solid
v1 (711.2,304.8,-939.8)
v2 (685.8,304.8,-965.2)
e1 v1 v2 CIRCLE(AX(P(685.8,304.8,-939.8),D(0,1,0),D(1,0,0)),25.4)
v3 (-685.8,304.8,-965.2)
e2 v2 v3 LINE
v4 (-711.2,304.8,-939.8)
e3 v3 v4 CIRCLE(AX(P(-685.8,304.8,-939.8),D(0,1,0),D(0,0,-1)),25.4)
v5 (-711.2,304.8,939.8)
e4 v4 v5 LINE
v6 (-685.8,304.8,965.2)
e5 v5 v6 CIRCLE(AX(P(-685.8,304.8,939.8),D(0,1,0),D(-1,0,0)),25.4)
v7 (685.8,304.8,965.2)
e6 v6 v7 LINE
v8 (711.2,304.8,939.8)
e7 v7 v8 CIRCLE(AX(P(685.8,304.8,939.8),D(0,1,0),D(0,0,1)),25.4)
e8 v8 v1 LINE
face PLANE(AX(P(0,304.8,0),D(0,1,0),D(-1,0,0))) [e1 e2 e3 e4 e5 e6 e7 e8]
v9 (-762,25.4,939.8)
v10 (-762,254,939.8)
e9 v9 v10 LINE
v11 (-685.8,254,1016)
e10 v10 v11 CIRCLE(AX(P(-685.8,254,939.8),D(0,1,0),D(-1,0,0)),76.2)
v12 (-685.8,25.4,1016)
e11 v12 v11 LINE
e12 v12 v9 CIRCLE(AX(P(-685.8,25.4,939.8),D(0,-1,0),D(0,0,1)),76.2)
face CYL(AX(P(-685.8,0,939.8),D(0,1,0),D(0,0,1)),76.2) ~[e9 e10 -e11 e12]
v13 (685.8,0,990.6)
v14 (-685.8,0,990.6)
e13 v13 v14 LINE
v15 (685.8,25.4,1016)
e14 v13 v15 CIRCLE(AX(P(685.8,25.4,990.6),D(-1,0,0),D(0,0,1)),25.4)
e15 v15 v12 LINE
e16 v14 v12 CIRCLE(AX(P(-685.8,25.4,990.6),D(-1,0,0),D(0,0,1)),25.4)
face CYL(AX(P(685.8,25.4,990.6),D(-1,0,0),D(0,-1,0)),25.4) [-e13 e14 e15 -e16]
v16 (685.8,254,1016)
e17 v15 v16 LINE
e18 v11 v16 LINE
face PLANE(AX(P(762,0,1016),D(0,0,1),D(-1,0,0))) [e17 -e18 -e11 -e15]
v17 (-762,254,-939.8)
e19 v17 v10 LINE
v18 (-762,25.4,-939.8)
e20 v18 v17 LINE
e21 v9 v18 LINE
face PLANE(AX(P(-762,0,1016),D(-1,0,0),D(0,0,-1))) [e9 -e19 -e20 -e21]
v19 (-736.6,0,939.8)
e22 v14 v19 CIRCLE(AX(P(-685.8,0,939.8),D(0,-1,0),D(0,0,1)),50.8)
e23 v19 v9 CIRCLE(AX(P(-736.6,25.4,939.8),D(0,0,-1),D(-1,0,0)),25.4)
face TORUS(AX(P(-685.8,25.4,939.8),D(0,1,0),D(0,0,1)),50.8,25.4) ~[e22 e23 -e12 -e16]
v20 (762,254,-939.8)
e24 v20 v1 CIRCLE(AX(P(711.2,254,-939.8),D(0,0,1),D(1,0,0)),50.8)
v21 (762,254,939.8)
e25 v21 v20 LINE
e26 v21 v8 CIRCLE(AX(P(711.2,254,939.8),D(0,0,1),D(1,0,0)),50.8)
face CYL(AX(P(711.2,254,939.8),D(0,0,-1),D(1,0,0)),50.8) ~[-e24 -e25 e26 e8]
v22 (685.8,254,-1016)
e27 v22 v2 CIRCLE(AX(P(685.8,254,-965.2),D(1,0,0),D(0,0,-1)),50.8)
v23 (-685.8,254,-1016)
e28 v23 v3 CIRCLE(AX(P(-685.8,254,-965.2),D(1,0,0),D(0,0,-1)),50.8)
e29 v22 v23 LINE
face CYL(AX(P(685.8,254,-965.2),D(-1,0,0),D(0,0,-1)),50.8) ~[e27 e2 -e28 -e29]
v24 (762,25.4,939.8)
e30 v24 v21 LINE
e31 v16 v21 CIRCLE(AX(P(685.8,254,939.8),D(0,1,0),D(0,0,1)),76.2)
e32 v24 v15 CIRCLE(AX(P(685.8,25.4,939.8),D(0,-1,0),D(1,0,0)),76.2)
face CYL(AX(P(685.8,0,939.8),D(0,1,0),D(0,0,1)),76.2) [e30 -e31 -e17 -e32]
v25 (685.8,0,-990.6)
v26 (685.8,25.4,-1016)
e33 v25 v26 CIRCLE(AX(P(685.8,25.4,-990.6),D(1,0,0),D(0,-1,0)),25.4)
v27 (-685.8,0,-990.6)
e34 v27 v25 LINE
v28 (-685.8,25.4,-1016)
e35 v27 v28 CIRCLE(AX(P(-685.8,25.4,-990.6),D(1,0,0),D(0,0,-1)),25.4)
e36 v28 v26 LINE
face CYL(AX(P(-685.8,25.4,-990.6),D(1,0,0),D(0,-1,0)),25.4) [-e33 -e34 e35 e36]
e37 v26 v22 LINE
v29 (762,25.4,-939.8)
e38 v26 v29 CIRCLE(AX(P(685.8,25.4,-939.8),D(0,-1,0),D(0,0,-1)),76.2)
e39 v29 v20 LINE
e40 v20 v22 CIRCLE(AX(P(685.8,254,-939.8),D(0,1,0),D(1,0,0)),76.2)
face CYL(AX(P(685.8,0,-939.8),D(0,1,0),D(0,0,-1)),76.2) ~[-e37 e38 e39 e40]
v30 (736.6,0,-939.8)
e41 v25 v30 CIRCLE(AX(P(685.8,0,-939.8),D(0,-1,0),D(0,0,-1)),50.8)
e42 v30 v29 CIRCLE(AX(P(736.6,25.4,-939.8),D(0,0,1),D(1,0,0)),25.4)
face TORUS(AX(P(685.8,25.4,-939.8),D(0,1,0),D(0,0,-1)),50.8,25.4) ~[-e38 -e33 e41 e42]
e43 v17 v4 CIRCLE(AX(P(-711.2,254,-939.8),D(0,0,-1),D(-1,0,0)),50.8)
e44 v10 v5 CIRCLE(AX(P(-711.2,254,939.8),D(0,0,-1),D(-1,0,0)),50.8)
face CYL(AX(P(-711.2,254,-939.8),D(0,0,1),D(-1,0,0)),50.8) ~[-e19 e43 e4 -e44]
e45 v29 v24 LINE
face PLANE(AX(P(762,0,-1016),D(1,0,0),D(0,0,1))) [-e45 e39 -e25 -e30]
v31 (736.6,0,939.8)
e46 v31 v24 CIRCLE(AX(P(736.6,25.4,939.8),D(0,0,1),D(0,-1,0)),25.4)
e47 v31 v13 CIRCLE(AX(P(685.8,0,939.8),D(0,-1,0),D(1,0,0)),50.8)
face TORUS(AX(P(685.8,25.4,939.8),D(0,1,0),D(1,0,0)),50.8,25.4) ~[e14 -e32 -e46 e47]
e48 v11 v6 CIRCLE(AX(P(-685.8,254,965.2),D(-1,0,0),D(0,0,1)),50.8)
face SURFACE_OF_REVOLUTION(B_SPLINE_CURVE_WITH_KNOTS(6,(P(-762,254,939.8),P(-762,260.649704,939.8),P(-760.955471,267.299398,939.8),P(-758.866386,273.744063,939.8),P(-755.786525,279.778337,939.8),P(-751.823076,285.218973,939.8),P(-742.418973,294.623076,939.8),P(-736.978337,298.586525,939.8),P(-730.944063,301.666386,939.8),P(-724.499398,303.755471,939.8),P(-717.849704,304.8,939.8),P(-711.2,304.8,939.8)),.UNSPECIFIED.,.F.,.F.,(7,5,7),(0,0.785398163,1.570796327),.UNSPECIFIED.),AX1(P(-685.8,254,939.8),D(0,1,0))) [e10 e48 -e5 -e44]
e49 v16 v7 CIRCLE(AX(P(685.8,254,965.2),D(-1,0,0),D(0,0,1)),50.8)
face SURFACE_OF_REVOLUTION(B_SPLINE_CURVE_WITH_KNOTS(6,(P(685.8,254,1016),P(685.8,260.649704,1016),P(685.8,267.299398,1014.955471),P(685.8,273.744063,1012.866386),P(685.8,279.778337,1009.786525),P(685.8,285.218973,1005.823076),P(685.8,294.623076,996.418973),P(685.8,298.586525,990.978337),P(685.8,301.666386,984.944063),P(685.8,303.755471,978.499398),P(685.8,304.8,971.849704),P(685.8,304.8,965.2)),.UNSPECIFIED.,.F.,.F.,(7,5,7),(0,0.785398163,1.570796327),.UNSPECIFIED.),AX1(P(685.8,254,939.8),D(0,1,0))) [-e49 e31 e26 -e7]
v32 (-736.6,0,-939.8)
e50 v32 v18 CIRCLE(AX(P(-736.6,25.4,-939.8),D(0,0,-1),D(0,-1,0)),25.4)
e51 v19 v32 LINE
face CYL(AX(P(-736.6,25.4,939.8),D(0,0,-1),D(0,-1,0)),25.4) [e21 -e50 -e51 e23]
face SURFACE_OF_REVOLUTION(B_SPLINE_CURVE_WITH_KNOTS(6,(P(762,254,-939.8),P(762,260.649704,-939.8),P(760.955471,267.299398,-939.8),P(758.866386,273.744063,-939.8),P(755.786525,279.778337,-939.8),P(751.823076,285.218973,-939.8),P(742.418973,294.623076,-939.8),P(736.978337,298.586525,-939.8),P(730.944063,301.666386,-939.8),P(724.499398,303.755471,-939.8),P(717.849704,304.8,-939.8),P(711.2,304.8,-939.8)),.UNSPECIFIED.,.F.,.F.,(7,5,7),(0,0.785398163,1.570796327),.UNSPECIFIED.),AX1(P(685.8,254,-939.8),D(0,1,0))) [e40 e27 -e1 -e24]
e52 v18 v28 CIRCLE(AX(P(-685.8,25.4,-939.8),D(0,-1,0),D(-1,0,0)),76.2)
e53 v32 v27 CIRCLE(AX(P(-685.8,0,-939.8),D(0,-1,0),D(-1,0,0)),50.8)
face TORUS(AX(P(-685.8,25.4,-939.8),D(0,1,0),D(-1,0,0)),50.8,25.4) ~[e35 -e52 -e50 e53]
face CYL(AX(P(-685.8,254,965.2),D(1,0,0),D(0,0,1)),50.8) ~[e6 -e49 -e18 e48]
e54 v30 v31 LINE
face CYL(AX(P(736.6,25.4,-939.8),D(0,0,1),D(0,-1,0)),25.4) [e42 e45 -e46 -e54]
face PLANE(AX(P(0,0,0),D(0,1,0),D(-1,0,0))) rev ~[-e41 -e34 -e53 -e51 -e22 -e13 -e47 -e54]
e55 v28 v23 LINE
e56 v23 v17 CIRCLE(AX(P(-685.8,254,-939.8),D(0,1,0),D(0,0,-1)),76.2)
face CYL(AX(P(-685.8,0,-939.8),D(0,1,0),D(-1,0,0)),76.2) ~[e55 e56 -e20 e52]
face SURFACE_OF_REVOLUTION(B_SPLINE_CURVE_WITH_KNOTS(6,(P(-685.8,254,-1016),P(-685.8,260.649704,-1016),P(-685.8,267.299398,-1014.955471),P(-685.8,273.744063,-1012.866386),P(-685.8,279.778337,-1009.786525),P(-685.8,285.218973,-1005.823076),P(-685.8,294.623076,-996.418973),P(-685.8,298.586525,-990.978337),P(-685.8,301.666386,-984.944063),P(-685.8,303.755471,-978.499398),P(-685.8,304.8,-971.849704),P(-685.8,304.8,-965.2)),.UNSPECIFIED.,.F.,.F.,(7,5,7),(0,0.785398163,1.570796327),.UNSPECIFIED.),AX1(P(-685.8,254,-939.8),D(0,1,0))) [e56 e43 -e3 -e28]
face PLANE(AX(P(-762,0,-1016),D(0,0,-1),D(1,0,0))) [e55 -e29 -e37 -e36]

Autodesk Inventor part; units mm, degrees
ref_plane "YZ Plane" through (0, 0, 0) normal (1, 0, 0) x (0, 1, 0)
ref_plane "XZ Plane" through (0, 0, 0) normal (0, 1, 0) x (-1, 0, 0)
ref_plane "XY Plane" through (0, 0, 0) normal (0, 0, 1) x (1, 0, 0)
sketch "Sketch1" plane through (0, 0, 0) normal (0, 1, 0) x (-1, 0, 0)
  line L0 (-762, 1016) -> (762, 1016)
  line L1 (762, 1016) -> (762, -1016)
  line L2 (762, -1016) -> (-762, -1016)
  line L3 (-762, -1016) -> (-762, 1016)
  line L4 (-762, 1016) -> (762, -1016) construction
  line L5 (762, 1016) -> (-762, -1016) construction
  point P0 (0, 0)
  dimension "d0" = 1524
  dimension "d1" = 2032
extrude "Extrusion1" add sketch "Sketch1" along normal blind 304.8
fillet "Fillet1" radius 76.2 4 edges at (762, 152.4, 1016) (762, 152.4, -1016) (-762, 152.4, -1016) (-762, 152.4, 1016)
fillet "Fillet2" radius 50.8 8 edges at (739.6815, 304.8, 993.6815) (762, 304.8, 0) (739.6815, 304.8, -993.6815) (0, 304.8, -1016) (-739.6815, 304.8, -993.6815) (-762, 304.8, 0) (-739.6815, 304.8, 993.6815) (0, 304.8, 1016)
fillet "Fillet3" radius 25.4 8 edges at (-739.6815, 0, 993.6815) (-762, 0, 0) (-739.6815, 0, -993.6815) (0, 0, -1016) (739.6815, 0, -993.6815) (762, 0, 0) (739.6815, 0, 993.6815) (0, 0, 1016)
properties part number "Matress"
